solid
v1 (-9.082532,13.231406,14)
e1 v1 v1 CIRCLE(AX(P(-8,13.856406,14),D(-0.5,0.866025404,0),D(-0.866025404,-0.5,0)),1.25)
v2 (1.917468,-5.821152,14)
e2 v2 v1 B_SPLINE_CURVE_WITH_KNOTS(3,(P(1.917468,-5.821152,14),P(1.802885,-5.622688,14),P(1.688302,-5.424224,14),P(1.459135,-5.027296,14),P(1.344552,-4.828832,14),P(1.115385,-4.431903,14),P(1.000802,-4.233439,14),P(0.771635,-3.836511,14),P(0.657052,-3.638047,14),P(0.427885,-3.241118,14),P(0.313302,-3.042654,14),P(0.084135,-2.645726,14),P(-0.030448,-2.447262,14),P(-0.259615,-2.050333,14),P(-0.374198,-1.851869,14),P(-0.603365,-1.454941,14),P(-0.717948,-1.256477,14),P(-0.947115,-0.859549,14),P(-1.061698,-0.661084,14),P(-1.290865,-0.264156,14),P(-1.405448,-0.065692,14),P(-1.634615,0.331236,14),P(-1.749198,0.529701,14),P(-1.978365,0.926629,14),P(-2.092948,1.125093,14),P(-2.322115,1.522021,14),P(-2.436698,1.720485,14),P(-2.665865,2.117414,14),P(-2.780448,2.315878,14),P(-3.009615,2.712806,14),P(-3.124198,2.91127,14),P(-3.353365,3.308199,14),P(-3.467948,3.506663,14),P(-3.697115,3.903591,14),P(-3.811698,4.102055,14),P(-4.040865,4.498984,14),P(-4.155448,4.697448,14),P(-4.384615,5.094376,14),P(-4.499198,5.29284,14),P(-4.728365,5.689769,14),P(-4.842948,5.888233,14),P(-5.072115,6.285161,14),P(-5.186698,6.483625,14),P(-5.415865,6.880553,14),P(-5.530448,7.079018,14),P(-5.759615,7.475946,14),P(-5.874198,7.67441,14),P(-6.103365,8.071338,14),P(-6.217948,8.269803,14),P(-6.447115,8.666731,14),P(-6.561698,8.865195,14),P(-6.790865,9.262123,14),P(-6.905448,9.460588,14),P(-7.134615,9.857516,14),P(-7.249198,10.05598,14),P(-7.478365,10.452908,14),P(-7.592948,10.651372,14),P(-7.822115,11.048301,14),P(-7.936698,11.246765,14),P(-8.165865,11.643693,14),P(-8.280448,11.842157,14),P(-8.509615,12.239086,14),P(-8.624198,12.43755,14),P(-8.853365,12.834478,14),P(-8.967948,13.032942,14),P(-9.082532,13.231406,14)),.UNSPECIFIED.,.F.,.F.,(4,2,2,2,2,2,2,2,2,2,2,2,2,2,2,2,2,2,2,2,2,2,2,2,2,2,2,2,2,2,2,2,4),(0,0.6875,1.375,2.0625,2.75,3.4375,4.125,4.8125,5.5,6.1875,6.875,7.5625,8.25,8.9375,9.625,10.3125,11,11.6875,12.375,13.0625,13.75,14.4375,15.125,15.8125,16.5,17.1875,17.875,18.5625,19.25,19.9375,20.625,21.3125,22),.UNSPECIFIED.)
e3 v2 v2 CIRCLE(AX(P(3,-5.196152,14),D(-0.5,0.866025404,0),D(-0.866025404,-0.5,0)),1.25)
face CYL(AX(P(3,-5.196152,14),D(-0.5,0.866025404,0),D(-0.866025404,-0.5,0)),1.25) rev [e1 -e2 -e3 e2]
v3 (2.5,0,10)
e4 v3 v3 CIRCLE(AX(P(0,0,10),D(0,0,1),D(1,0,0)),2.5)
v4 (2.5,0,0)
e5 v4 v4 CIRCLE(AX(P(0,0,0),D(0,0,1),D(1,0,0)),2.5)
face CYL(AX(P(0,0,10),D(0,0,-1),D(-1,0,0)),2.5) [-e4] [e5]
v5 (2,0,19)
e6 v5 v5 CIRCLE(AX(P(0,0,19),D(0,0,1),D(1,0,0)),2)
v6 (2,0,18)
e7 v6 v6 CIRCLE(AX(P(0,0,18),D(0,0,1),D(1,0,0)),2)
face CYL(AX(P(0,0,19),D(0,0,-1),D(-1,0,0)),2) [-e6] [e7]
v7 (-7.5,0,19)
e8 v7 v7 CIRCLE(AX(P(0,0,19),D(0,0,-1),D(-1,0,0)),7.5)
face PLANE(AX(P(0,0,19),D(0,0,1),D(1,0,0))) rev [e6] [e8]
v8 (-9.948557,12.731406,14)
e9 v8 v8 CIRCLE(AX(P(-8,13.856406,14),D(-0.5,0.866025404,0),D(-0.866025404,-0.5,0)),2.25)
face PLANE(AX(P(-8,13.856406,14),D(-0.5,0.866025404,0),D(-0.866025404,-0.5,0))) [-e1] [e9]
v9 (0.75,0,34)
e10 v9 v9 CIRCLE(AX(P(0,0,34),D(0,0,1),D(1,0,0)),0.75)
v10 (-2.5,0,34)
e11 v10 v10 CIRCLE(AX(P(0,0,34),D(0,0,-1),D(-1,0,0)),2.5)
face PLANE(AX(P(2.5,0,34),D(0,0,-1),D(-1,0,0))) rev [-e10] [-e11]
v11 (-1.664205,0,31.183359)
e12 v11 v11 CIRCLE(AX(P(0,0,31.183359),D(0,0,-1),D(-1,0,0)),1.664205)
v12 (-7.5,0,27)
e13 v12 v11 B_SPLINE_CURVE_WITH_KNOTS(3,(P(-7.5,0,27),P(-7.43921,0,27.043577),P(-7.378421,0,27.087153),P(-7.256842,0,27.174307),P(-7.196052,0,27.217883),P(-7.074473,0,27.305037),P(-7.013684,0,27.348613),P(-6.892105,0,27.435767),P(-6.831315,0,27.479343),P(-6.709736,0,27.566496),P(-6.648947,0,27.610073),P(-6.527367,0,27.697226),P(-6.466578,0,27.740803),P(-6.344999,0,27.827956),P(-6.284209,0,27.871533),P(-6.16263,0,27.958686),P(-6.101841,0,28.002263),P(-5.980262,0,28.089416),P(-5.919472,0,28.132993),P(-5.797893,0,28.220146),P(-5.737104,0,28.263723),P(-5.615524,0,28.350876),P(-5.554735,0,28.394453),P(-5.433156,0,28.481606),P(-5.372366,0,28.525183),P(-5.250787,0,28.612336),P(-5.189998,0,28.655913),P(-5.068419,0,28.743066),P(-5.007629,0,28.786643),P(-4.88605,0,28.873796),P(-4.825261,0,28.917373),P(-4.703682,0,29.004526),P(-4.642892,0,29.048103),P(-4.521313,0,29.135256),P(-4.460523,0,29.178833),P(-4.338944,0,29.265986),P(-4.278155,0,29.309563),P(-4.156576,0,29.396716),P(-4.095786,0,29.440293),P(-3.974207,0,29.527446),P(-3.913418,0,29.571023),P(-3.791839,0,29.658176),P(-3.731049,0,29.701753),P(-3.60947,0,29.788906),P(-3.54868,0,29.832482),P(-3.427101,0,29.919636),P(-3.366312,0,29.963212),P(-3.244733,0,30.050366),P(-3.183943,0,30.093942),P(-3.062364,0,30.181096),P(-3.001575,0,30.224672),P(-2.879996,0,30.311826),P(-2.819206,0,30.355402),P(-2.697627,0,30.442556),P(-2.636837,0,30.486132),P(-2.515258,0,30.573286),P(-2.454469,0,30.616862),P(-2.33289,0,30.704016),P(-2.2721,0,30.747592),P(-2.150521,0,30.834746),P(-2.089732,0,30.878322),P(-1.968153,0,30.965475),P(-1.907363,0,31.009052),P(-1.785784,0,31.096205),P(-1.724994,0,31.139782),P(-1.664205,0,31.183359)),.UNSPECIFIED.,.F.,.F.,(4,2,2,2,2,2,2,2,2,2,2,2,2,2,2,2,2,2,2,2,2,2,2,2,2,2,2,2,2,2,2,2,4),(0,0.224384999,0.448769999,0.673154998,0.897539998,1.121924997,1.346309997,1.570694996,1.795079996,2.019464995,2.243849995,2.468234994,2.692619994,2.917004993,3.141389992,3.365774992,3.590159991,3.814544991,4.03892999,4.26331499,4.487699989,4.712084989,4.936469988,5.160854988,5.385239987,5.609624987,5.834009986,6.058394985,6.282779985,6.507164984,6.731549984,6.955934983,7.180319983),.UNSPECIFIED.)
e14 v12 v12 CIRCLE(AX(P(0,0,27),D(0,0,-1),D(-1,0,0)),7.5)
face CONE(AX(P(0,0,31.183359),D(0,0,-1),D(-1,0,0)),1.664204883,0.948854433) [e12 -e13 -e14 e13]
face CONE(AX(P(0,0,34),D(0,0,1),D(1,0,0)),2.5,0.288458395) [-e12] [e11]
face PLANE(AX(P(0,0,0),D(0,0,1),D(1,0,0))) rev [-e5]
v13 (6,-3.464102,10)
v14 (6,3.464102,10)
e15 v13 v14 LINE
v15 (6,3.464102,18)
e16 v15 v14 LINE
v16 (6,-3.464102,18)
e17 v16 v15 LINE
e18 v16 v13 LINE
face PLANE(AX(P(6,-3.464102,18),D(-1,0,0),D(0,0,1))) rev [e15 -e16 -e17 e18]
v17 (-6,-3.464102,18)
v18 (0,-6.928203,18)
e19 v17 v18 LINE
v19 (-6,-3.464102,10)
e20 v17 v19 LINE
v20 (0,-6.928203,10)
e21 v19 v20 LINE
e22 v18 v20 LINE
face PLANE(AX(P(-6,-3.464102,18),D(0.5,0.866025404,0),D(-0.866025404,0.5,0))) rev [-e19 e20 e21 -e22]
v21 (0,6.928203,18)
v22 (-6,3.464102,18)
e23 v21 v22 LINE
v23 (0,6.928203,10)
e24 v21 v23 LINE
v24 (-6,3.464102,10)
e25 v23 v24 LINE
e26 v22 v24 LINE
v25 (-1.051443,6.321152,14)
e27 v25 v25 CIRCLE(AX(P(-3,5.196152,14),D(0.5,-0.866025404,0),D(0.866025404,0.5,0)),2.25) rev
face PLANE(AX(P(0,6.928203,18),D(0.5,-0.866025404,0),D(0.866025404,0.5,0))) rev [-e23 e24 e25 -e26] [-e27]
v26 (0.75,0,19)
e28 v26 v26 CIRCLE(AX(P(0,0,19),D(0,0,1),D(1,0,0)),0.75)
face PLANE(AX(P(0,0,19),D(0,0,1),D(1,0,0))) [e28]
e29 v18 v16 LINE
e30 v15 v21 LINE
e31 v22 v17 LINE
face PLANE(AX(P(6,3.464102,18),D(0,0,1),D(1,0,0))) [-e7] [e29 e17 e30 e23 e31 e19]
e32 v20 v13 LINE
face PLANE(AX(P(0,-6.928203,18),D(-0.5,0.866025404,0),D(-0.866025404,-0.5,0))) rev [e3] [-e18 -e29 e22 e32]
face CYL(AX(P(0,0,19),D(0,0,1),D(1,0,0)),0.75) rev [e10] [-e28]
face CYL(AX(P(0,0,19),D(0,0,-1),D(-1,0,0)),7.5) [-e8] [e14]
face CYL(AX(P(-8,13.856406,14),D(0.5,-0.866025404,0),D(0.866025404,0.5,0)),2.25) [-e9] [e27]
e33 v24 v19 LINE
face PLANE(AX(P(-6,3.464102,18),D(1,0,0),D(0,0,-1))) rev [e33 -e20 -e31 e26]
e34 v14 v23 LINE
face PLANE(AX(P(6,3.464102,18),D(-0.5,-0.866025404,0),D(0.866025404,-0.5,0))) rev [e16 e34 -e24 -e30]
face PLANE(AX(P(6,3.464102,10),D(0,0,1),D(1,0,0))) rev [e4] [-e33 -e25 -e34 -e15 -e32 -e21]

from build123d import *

# Parameters (mm, degrees)
SKETCH_1_R          = 2.5
EXTRUDE_1_DEPTH     = 10
EXTRUDE_2_DEPTH     = 8
SKETCH_3_R          = 2
EXTRUDE_3_DEPTH     = 1
SKETCH_5_R          = 0.75
CUT_EXTRUDE_1_DEPTH = 15
SKETCH_6_R          = 2.25
EXTRUDE_4_DEPTH     = 10
SKETCH_7_R          = 1.25
CUT_EXTRUDE_2_DEPTH = 22


with BuildPart() as part:
    # 草图1 → 凸台-拉伸1 (new body)
    with BuildSketch(Plane.XY):
        Circle(SKETCH_1_R)
    extrude(amount=EXTRUDE_1_DEPTH)

    # 草图2 → 凸台-拉伸2 (add)
    with BuildSketch(Plane.XY.offset(10)):
        Polygon((6, 3.464101615), (0, 6.92820323), (-6, 3.464101615), (-6, -3.464101615), (0, -6.92820323), (6, -3.464101615), align=None)
    extrude(amount=EXTRUDE_2_DEPTH)

    # 草图3 → 凸台-拉伸3 (add)
    with BuildSketch(Plane.XY.offset(18)):
        Circle(SKETCH_3_R)
    extrude(amount=EXTRUDE_3_DEPTH)

    # 草图4 → 旋转1 (revolve)
    with BuildSketch(Plane(origin=(0, 0, 0), x_dir=(1, 0, 0), z_dir=(0, 1, 0)), mode=Mode.PRIVATE) as revolve_1_sk:
        Polygon((0, -19), (7.5, -19), (7.5, -27), (1.664204883, -31.183358747), (2.5, -34), (0, -34), align=None)
    revolve(revolve_1_sk.sketch.rotate(Axis((0, 0, 19), (0, 0, 1)), 180), axis=Axis((0, 0, 19), (0, 0, 1)))

    # 草图5 → 切除-拉伸1 (cut)
    with BuildSketch(Plane.XY.offset(34)):
        Circle(SKETCH_5_R)
    extrude(amount=-CUT_EXTRUDE_1_DEPTH, mode=Mode.SUBTRACT)

    # 草图6 → 凸台-拉伸4 (add)
    with BuildSketch(Plane(origin=(-3, 5.196152423, 0), x_dir=(0.8660254037844388, 0.49999999999999983, 0), z_dir=(-0.4999999999999998, 0.8660254037844387, 0))):
        with Locations((0, -14)):
            Circle(SKETCH_6_R)
    extrude(amount=EXTRUDE_4_DEPTH)

    # 草图7 → 切除-拉伸2 (cut)
    with BuildSketch(Plane(origin=(-8, 13.856406461, 0), x_dir=(0.8660254037844387, 0.49999999999999994, 0), z_dir=(-0.4999999999999999, 0.8660254037844386, 0))):
        with Locations(Location((0, -14, 0), (0, 0, 180))):
            Circle(SKETCH_7_R)
    extrude(amount=-CUT_EXTRUDE_2_DEPTH, mode=Mode.SUBTRACT)


solid = part.part
